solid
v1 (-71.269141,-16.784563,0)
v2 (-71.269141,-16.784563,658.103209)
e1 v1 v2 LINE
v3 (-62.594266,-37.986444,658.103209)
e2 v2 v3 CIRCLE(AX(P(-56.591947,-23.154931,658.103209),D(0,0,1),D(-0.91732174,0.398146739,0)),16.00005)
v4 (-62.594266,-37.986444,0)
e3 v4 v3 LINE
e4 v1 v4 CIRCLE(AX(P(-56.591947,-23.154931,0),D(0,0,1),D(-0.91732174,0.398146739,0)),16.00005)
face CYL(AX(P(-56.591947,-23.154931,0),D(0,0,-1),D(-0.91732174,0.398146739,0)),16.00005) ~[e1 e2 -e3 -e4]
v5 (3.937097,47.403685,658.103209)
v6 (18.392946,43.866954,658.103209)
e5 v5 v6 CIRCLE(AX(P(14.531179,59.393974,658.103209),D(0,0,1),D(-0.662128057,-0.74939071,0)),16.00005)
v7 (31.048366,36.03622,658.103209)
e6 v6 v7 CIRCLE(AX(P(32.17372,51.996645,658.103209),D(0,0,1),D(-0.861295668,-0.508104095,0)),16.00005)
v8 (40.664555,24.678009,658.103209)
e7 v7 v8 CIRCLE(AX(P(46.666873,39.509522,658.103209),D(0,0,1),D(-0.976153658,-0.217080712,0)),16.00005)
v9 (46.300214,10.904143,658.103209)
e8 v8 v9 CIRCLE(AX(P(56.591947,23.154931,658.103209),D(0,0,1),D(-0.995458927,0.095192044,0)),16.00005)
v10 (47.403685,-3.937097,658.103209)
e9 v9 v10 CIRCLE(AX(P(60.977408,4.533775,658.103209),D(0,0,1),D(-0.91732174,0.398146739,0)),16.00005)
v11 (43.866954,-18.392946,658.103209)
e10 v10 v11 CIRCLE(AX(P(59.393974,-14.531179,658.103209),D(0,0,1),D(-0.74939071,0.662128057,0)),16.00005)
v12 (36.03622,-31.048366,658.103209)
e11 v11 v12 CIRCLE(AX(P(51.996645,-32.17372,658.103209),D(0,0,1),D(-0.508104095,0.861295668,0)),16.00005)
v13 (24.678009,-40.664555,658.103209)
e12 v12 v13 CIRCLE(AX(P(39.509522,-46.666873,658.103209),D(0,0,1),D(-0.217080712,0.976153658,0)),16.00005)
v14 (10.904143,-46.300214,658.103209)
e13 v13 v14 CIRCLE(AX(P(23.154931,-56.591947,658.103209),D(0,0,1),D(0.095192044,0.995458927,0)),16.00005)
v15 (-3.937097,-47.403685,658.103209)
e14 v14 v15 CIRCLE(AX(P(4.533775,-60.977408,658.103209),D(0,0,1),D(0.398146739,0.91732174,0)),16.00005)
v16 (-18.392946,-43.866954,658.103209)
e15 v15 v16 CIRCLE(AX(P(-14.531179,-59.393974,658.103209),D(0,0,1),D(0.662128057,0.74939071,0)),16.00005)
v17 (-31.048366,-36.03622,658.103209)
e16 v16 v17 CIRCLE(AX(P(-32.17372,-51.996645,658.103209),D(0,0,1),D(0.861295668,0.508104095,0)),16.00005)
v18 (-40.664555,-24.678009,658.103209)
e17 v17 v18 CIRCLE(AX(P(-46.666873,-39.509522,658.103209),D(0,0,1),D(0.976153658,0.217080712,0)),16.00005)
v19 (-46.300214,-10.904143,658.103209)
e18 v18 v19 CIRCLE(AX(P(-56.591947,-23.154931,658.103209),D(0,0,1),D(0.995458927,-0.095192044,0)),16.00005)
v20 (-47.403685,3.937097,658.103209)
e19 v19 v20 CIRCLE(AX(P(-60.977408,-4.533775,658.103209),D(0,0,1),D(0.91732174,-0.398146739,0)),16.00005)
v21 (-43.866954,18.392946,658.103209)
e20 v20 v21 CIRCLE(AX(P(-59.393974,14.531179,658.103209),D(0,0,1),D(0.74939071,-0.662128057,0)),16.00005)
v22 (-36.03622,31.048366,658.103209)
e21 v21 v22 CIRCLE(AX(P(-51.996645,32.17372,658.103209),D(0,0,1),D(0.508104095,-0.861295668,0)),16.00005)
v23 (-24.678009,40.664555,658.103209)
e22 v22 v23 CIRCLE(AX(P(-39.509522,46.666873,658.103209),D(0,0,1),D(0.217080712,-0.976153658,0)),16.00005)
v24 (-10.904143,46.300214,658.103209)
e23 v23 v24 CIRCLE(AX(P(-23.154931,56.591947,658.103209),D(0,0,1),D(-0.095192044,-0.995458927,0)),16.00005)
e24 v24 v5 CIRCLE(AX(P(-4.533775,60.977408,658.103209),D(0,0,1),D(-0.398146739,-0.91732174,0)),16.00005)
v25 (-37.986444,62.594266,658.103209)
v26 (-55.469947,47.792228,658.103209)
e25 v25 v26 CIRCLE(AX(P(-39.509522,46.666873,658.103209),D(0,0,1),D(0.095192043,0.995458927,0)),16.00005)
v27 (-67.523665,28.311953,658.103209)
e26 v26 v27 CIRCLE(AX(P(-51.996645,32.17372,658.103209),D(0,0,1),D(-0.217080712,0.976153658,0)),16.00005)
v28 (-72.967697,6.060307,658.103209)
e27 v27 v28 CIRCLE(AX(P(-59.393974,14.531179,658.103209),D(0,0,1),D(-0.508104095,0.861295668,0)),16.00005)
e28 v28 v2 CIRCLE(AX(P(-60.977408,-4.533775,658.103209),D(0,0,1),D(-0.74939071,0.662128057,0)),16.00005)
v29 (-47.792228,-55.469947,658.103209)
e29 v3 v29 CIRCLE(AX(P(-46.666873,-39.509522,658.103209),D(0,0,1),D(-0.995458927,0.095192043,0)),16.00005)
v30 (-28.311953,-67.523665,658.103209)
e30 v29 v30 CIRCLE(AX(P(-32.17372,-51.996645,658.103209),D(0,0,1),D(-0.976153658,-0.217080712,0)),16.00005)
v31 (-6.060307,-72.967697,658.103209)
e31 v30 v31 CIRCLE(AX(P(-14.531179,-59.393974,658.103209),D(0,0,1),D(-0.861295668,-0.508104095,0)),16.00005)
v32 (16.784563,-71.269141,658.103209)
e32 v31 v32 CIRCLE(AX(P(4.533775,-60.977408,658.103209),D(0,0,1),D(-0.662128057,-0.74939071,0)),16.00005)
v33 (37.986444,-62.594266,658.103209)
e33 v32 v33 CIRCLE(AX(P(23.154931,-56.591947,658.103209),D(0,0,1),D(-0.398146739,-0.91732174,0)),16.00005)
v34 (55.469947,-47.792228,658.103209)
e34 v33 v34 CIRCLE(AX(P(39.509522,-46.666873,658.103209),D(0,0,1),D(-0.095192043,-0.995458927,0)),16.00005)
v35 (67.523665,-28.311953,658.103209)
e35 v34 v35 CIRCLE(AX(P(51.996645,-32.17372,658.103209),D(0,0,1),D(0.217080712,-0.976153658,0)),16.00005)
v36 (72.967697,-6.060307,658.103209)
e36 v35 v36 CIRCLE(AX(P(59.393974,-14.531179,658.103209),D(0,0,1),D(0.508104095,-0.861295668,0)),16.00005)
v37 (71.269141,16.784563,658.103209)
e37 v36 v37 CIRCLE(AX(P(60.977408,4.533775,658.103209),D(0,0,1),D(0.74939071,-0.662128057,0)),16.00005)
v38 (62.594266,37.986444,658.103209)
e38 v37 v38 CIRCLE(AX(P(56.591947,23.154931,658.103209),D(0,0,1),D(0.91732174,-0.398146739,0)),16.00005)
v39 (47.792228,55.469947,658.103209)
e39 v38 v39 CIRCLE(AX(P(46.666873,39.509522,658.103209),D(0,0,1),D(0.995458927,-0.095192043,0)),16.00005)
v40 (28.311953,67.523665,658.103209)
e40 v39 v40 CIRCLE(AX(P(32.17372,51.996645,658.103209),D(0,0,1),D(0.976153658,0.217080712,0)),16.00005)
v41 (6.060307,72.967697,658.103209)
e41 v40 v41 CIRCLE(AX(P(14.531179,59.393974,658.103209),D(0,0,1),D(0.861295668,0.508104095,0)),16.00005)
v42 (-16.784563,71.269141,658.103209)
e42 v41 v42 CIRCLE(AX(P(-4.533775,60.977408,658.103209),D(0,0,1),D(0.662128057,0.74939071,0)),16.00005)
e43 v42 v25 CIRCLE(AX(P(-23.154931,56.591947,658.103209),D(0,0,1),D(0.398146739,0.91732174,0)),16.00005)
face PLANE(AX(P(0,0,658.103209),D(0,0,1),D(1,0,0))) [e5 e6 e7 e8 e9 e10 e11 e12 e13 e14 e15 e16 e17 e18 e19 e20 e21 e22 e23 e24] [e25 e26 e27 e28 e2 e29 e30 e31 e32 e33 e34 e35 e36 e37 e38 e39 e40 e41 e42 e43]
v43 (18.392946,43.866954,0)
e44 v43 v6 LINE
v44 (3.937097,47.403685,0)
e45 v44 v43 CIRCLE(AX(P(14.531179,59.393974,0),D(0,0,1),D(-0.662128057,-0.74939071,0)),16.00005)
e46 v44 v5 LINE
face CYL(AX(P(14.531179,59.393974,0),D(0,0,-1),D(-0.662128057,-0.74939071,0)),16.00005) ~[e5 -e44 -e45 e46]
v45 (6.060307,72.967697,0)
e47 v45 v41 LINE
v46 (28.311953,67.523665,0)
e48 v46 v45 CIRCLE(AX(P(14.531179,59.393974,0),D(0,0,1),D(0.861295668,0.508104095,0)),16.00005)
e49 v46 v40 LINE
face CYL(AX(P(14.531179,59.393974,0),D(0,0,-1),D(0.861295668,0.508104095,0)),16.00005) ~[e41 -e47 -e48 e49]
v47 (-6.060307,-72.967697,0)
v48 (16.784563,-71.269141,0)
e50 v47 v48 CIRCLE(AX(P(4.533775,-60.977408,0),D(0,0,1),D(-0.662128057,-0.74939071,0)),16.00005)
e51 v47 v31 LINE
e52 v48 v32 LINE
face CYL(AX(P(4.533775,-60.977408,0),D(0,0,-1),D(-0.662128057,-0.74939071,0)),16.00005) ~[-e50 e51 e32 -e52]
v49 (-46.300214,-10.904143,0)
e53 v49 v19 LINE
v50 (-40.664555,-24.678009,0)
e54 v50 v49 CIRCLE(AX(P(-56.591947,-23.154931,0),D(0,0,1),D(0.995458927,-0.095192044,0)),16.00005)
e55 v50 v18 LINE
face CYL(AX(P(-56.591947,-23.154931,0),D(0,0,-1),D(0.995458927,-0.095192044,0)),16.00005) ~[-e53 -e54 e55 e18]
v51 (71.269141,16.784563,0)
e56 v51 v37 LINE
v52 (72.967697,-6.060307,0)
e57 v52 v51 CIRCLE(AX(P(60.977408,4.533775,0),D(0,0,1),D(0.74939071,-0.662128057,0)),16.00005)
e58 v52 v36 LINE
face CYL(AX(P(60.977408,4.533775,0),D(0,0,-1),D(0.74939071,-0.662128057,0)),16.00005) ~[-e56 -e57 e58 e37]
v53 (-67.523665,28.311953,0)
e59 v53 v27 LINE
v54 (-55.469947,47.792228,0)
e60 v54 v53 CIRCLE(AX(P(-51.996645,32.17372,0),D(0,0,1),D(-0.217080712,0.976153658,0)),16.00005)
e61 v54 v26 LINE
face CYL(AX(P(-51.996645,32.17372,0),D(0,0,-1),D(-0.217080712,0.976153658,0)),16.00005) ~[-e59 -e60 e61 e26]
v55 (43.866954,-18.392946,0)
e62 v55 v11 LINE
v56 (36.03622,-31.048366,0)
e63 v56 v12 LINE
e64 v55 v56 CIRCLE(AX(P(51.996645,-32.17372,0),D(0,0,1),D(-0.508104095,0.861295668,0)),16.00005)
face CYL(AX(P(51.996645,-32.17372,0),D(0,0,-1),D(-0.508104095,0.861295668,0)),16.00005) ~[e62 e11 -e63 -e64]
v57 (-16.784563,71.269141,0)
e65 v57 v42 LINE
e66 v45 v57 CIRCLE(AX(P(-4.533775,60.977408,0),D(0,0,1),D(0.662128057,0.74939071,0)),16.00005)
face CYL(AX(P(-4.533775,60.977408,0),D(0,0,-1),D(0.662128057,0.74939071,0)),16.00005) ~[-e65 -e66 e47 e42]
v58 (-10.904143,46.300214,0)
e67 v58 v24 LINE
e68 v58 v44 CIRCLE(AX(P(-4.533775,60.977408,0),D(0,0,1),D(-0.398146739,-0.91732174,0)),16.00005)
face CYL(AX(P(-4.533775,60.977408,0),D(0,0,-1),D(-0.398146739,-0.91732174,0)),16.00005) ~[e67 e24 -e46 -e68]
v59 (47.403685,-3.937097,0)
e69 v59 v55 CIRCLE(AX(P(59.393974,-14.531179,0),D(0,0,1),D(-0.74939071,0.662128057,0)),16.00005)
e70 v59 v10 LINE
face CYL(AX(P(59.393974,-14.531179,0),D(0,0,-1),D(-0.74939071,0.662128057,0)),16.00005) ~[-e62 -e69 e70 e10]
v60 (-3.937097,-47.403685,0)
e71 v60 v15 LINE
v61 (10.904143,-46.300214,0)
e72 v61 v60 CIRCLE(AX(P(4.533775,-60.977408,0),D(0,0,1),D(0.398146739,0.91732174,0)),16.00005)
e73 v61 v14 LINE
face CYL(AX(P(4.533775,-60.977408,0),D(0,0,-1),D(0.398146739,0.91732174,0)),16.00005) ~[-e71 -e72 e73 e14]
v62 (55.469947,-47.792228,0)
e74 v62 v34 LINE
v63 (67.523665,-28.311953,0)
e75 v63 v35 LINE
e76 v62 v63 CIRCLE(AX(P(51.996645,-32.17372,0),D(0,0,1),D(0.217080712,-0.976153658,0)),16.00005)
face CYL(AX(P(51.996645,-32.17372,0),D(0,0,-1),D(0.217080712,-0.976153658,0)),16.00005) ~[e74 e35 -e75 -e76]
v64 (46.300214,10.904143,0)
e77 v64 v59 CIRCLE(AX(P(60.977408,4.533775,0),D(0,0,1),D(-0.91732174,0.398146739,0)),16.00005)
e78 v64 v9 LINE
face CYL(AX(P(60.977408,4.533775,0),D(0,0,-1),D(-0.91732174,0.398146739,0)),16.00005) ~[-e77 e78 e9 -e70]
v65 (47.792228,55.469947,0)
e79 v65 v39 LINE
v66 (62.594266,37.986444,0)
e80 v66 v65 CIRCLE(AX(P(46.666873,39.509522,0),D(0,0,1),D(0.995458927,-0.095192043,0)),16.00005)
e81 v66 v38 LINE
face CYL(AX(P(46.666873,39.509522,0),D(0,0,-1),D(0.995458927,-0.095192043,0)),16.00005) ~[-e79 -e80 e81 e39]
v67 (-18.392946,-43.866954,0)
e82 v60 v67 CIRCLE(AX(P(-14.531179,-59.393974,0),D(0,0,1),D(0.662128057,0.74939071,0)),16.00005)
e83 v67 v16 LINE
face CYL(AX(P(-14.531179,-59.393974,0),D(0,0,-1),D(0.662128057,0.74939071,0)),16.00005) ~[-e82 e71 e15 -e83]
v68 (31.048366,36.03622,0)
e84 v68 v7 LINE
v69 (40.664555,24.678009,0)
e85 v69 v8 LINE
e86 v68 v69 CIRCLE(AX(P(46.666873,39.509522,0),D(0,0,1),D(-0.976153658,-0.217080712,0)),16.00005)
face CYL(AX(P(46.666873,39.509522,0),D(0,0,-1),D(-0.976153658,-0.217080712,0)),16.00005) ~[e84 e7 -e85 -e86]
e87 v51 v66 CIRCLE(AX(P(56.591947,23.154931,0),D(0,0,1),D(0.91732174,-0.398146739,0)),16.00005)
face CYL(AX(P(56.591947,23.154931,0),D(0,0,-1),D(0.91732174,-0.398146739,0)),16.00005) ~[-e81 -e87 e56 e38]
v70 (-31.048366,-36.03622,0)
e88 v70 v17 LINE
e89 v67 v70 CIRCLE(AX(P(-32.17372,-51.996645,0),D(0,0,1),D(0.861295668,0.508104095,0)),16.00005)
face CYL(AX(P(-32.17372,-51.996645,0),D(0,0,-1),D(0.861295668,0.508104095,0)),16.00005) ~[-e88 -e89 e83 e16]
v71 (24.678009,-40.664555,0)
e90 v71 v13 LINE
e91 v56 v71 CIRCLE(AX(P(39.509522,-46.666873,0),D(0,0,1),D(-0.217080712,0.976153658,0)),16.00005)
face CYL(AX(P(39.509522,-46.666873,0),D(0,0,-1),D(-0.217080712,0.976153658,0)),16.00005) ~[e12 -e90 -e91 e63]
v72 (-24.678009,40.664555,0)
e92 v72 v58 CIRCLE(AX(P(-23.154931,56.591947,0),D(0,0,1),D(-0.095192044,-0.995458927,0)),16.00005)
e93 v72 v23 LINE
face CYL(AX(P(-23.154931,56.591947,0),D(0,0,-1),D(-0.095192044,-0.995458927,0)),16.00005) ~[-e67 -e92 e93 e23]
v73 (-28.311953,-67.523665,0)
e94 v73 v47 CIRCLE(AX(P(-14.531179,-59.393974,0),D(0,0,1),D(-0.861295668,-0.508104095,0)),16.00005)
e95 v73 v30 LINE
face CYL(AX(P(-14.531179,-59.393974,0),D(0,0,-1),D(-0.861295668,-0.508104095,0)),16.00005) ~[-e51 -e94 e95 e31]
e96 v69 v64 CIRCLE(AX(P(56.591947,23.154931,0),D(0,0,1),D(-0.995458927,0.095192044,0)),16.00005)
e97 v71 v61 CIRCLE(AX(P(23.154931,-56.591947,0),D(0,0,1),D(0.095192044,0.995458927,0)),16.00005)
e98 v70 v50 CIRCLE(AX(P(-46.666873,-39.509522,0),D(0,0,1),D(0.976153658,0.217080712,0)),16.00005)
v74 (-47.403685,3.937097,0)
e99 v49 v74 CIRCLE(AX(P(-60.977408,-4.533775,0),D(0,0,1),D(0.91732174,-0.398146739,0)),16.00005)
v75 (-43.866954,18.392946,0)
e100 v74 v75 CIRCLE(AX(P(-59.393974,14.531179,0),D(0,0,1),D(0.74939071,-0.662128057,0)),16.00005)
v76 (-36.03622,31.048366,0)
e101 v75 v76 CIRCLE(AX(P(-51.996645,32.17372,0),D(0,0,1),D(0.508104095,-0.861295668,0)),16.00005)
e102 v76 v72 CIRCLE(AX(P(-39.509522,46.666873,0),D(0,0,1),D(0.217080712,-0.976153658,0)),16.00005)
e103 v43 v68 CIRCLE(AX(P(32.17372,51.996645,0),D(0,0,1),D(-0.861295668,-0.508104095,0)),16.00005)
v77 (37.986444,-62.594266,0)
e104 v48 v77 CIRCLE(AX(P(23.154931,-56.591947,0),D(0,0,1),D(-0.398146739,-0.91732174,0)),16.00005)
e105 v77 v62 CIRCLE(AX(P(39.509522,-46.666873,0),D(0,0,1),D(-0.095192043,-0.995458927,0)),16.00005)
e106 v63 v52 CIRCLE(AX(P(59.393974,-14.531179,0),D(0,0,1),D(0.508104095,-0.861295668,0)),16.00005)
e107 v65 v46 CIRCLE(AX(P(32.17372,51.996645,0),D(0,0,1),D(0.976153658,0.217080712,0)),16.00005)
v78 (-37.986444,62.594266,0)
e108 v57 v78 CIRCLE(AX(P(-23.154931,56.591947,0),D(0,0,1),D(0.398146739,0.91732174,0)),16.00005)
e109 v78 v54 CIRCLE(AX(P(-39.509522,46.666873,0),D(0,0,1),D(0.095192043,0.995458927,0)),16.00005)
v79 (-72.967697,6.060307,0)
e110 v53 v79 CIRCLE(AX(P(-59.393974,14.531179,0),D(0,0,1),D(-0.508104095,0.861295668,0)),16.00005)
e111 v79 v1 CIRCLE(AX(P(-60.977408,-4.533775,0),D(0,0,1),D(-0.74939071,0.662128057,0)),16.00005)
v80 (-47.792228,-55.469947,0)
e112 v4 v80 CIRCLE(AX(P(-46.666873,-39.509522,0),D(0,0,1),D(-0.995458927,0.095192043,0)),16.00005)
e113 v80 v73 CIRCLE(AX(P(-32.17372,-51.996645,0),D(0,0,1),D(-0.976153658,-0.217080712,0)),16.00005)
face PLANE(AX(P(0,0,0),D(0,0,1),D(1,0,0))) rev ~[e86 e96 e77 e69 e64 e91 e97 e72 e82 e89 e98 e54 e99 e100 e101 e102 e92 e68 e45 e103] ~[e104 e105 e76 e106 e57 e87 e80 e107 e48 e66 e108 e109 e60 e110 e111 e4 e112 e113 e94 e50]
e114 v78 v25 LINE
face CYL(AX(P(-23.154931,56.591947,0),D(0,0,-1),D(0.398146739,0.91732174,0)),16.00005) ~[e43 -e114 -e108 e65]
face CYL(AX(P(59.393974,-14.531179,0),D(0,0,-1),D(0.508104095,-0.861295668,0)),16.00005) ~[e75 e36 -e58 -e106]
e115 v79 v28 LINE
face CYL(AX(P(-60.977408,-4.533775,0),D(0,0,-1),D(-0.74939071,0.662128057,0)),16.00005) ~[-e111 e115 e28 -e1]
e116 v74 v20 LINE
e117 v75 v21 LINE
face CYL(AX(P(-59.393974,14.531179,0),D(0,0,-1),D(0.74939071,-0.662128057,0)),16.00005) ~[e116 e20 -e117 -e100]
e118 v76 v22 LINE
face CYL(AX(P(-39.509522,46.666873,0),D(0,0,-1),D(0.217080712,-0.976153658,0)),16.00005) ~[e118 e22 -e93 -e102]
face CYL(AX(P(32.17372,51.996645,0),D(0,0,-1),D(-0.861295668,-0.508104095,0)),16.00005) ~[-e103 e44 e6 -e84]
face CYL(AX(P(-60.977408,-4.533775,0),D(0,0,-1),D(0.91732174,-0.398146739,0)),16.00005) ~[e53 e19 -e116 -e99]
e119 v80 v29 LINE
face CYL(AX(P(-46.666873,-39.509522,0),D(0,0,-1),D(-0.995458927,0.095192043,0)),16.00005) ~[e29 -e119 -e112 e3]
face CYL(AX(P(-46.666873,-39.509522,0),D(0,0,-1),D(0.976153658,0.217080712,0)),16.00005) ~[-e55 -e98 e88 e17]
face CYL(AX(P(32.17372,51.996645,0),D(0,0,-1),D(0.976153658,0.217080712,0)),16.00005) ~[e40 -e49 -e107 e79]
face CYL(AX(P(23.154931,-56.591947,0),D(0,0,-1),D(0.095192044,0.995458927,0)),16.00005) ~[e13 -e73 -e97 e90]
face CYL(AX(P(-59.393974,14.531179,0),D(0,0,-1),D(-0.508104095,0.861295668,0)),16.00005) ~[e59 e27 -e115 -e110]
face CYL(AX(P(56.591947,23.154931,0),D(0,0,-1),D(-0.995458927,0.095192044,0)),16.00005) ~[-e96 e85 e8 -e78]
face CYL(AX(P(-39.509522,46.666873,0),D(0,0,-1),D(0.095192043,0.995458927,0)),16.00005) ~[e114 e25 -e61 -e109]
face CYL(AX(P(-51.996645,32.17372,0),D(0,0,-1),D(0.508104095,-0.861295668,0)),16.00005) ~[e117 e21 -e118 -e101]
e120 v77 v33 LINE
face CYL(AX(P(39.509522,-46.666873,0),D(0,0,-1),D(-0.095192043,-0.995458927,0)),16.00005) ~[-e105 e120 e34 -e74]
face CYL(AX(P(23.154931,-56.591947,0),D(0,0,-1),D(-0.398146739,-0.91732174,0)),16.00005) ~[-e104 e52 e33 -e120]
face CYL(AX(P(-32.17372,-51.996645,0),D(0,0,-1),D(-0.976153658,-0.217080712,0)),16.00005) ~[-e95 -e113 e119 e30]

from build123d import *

# Parameters (mm, degrees)
EXTRUDE_1_DEPTH = 658.10320896


with BuildPart() as part:
    # 草图1 → 凸台-拉伸1 (new body)
    with BuildSketch(Plane.XY):
        with BuildLine():
            ThreePointArc((-16.784563495, 71.269141327), (-29.213900725, 71.400407716), (-37.986444329, 62.594265907))
            ThreePointArc((-37.986444329, 62.594265907), (-49.84801004, 58.878231228), (-55.469947326, 47.79222762))
            ThreePointArc((-55.469947326, 47.79222762), (-65.602648822, 40.592643239), (-67.523665397, 28.311953105))
            ThreePointArc((-67.523665397, 28.311953105), (-74.935643256, 18.333564505), (-72.967696633, 6.06030736))
            ThreePointArc((-72.967696633, 6.06030736), (-76.93341482, -5.720131261), (-71.269141327, -16.784563495))
            ThreePointArc((-71.269141327, -16.784563495), (-71.400407716, -29.213900725), (-62.594265907, -37.986444329))
            ThreePointArc((-62.594265907, -37.986444329), (-58.878231228, -49.84801004), (-47.79222762, -55.469947326))
            ThreePointArc((-47.79222762, -55.469947326), (-40.592643239, -65.602648822), (-28.311953105, -67.523665397))
            ThreePointArc((-28.311953105, -67.523665397), (-18.333564505, -74.935643256), (-6.06030736, -72.967696633))
            ThreePointArc((-6.06030736, -72.967696633), (5.720131261, -76.93341482), (16.784563495, -71.269141327))
            ThreePointArc((16.784563495, -71.269141327), (29.213900725, -71.400407716), (37.986444329, -62.594265907))
            ThreePointArc((37.986444329, -62.594265907), (49.84801004, -58.878231228), (55.469947326, -47.79222762))
            ThreePointArc((55.469947326, -47.79222762), (65.602648822, -40.592643239), (67.523665397, -28.311953105))
            ThreePointArc((67.523665397, -28.311953105), (74.935643256, -18.333564505), (72.967696633, -6.06030736))
            ThreePointArc((72.967696633, -6.06030736), (76.93341482, 5.720131261), (71.269141327, 16.784563495))
            ThreePointArc((71.269141327, 16.784563495), (71.400407716, 29.213900725), (62.594265907, 37.986444329))
            ThreePointArc((62.594265907, 37.986444329), (58.878231228, 49.84801004), (47.79222762, 55.469947326))
            ThreePointArc((47.79222762, 55.469947326), (40.592643239, 65.602648822), (28.311953105, 67.523665397))
            ThreePointArc((28.311953105, 67.523665397), (18.333564505, 74.935643256), (6.06030736, 72.967696633))
            ThreePointArc((6.06030736, 72.967696633), (-5.720131261, 76.93341482), (-16.784563495, 71.269141327))
        make_face()
        with BuildLine():
            ThreePointArc((-10.90414258, 46.300213814), (-3.3474183, 45.021400536), (3.937097057, 47.40368542))
            ThreePointArc((3.937097057, 47.40368542), (10.728793889, 43.852305495), (18.392946202, 43.866954016))
            ThreePointArc((18.392946202, 43.866954016), (23.754796981, 38.390641254), (31.048365622, 36.036219514))
            ThreePointArc((31.048365622, 36.036219514), (34.455515034, 29.171033565), (40.664554688, 24.678008767))
            ThreePointArc((40.664554688, 24.678008767), (41.783487211, 17.095961863), (46.300213814, 10.90414258))
            ThreePointArc((46.300213814, 10.90414258), (45.021400536, 3.3474183), (47.40368542, -3.937097057))
            ThreePointArc((47.40368542, -3.937097057), (43.852305495, -10.728793889), (43.866954016, -18.392946202))
            ThreePointArc((43.866954016, -18.392946202), (38.390641254, -23.754796981), (36.036219514, -31.048365622))
            ThreePointArc((36.036219514, -31.048365622), (29.171033565, -34.455515034), (24.678008767, -40.664554688))
            ThreePointArc((24.678008767, -40.664554688), (17.095961863, -41.783487211), (10.90414258, -46.300213814))
            ThreePointArc((10.90414258, -46.300213814), (3.3474183, -45.021400536), (-3.937097057, -47.40368542))
            ThreePointArc((-3.937097057, -47.40368542), (-10.728793889, -43.852305495), (-18.392946202, -43.866954016))
            ThreePointArc((-18.392946202, -43.866954016), (-23.754796981, -38.390641254), (-31.048365622, -36.036219514))
            ThreePointArc((-31.048365622, -36.036219514), (-34.455515034, -29.171033565), (-40.664554688, -24.678008767))
            ThreePointArc((-40.664554688, -24.678008767), (-41.783487211, -17.095961863), (-46.300213814, -10.90414258))
            ThreePointArc((-46.300213814, -10.90414258), (-45.021400536, -3.3474183), (-47.40368542, 3.937097057))
            ThreePointArc((-47.40368542, 3.937097057), (-43.852305495, 10.728793889), (-43.866954016, 18.392946202))
            ThreePointArc((-43.866954016, 18.392946202), (-38.390641254, 23.754796981), (-36.036219514, 31.048365622))
            ThreePointArc((-36.036219514, 31.048365622), (-29.171033565, 34.455515034), (-24.678008767, 40.664554688))
            ThreePointArc((-24.678008767, 40.664554688), (-17.095961863, 41.783487211), (-10.90414258, 46.300213814))
        make_face(mode=Mode.SUBTRACT)
    extrude(amount=EXTRUDE_1_DEPTH)


solid = part.part
